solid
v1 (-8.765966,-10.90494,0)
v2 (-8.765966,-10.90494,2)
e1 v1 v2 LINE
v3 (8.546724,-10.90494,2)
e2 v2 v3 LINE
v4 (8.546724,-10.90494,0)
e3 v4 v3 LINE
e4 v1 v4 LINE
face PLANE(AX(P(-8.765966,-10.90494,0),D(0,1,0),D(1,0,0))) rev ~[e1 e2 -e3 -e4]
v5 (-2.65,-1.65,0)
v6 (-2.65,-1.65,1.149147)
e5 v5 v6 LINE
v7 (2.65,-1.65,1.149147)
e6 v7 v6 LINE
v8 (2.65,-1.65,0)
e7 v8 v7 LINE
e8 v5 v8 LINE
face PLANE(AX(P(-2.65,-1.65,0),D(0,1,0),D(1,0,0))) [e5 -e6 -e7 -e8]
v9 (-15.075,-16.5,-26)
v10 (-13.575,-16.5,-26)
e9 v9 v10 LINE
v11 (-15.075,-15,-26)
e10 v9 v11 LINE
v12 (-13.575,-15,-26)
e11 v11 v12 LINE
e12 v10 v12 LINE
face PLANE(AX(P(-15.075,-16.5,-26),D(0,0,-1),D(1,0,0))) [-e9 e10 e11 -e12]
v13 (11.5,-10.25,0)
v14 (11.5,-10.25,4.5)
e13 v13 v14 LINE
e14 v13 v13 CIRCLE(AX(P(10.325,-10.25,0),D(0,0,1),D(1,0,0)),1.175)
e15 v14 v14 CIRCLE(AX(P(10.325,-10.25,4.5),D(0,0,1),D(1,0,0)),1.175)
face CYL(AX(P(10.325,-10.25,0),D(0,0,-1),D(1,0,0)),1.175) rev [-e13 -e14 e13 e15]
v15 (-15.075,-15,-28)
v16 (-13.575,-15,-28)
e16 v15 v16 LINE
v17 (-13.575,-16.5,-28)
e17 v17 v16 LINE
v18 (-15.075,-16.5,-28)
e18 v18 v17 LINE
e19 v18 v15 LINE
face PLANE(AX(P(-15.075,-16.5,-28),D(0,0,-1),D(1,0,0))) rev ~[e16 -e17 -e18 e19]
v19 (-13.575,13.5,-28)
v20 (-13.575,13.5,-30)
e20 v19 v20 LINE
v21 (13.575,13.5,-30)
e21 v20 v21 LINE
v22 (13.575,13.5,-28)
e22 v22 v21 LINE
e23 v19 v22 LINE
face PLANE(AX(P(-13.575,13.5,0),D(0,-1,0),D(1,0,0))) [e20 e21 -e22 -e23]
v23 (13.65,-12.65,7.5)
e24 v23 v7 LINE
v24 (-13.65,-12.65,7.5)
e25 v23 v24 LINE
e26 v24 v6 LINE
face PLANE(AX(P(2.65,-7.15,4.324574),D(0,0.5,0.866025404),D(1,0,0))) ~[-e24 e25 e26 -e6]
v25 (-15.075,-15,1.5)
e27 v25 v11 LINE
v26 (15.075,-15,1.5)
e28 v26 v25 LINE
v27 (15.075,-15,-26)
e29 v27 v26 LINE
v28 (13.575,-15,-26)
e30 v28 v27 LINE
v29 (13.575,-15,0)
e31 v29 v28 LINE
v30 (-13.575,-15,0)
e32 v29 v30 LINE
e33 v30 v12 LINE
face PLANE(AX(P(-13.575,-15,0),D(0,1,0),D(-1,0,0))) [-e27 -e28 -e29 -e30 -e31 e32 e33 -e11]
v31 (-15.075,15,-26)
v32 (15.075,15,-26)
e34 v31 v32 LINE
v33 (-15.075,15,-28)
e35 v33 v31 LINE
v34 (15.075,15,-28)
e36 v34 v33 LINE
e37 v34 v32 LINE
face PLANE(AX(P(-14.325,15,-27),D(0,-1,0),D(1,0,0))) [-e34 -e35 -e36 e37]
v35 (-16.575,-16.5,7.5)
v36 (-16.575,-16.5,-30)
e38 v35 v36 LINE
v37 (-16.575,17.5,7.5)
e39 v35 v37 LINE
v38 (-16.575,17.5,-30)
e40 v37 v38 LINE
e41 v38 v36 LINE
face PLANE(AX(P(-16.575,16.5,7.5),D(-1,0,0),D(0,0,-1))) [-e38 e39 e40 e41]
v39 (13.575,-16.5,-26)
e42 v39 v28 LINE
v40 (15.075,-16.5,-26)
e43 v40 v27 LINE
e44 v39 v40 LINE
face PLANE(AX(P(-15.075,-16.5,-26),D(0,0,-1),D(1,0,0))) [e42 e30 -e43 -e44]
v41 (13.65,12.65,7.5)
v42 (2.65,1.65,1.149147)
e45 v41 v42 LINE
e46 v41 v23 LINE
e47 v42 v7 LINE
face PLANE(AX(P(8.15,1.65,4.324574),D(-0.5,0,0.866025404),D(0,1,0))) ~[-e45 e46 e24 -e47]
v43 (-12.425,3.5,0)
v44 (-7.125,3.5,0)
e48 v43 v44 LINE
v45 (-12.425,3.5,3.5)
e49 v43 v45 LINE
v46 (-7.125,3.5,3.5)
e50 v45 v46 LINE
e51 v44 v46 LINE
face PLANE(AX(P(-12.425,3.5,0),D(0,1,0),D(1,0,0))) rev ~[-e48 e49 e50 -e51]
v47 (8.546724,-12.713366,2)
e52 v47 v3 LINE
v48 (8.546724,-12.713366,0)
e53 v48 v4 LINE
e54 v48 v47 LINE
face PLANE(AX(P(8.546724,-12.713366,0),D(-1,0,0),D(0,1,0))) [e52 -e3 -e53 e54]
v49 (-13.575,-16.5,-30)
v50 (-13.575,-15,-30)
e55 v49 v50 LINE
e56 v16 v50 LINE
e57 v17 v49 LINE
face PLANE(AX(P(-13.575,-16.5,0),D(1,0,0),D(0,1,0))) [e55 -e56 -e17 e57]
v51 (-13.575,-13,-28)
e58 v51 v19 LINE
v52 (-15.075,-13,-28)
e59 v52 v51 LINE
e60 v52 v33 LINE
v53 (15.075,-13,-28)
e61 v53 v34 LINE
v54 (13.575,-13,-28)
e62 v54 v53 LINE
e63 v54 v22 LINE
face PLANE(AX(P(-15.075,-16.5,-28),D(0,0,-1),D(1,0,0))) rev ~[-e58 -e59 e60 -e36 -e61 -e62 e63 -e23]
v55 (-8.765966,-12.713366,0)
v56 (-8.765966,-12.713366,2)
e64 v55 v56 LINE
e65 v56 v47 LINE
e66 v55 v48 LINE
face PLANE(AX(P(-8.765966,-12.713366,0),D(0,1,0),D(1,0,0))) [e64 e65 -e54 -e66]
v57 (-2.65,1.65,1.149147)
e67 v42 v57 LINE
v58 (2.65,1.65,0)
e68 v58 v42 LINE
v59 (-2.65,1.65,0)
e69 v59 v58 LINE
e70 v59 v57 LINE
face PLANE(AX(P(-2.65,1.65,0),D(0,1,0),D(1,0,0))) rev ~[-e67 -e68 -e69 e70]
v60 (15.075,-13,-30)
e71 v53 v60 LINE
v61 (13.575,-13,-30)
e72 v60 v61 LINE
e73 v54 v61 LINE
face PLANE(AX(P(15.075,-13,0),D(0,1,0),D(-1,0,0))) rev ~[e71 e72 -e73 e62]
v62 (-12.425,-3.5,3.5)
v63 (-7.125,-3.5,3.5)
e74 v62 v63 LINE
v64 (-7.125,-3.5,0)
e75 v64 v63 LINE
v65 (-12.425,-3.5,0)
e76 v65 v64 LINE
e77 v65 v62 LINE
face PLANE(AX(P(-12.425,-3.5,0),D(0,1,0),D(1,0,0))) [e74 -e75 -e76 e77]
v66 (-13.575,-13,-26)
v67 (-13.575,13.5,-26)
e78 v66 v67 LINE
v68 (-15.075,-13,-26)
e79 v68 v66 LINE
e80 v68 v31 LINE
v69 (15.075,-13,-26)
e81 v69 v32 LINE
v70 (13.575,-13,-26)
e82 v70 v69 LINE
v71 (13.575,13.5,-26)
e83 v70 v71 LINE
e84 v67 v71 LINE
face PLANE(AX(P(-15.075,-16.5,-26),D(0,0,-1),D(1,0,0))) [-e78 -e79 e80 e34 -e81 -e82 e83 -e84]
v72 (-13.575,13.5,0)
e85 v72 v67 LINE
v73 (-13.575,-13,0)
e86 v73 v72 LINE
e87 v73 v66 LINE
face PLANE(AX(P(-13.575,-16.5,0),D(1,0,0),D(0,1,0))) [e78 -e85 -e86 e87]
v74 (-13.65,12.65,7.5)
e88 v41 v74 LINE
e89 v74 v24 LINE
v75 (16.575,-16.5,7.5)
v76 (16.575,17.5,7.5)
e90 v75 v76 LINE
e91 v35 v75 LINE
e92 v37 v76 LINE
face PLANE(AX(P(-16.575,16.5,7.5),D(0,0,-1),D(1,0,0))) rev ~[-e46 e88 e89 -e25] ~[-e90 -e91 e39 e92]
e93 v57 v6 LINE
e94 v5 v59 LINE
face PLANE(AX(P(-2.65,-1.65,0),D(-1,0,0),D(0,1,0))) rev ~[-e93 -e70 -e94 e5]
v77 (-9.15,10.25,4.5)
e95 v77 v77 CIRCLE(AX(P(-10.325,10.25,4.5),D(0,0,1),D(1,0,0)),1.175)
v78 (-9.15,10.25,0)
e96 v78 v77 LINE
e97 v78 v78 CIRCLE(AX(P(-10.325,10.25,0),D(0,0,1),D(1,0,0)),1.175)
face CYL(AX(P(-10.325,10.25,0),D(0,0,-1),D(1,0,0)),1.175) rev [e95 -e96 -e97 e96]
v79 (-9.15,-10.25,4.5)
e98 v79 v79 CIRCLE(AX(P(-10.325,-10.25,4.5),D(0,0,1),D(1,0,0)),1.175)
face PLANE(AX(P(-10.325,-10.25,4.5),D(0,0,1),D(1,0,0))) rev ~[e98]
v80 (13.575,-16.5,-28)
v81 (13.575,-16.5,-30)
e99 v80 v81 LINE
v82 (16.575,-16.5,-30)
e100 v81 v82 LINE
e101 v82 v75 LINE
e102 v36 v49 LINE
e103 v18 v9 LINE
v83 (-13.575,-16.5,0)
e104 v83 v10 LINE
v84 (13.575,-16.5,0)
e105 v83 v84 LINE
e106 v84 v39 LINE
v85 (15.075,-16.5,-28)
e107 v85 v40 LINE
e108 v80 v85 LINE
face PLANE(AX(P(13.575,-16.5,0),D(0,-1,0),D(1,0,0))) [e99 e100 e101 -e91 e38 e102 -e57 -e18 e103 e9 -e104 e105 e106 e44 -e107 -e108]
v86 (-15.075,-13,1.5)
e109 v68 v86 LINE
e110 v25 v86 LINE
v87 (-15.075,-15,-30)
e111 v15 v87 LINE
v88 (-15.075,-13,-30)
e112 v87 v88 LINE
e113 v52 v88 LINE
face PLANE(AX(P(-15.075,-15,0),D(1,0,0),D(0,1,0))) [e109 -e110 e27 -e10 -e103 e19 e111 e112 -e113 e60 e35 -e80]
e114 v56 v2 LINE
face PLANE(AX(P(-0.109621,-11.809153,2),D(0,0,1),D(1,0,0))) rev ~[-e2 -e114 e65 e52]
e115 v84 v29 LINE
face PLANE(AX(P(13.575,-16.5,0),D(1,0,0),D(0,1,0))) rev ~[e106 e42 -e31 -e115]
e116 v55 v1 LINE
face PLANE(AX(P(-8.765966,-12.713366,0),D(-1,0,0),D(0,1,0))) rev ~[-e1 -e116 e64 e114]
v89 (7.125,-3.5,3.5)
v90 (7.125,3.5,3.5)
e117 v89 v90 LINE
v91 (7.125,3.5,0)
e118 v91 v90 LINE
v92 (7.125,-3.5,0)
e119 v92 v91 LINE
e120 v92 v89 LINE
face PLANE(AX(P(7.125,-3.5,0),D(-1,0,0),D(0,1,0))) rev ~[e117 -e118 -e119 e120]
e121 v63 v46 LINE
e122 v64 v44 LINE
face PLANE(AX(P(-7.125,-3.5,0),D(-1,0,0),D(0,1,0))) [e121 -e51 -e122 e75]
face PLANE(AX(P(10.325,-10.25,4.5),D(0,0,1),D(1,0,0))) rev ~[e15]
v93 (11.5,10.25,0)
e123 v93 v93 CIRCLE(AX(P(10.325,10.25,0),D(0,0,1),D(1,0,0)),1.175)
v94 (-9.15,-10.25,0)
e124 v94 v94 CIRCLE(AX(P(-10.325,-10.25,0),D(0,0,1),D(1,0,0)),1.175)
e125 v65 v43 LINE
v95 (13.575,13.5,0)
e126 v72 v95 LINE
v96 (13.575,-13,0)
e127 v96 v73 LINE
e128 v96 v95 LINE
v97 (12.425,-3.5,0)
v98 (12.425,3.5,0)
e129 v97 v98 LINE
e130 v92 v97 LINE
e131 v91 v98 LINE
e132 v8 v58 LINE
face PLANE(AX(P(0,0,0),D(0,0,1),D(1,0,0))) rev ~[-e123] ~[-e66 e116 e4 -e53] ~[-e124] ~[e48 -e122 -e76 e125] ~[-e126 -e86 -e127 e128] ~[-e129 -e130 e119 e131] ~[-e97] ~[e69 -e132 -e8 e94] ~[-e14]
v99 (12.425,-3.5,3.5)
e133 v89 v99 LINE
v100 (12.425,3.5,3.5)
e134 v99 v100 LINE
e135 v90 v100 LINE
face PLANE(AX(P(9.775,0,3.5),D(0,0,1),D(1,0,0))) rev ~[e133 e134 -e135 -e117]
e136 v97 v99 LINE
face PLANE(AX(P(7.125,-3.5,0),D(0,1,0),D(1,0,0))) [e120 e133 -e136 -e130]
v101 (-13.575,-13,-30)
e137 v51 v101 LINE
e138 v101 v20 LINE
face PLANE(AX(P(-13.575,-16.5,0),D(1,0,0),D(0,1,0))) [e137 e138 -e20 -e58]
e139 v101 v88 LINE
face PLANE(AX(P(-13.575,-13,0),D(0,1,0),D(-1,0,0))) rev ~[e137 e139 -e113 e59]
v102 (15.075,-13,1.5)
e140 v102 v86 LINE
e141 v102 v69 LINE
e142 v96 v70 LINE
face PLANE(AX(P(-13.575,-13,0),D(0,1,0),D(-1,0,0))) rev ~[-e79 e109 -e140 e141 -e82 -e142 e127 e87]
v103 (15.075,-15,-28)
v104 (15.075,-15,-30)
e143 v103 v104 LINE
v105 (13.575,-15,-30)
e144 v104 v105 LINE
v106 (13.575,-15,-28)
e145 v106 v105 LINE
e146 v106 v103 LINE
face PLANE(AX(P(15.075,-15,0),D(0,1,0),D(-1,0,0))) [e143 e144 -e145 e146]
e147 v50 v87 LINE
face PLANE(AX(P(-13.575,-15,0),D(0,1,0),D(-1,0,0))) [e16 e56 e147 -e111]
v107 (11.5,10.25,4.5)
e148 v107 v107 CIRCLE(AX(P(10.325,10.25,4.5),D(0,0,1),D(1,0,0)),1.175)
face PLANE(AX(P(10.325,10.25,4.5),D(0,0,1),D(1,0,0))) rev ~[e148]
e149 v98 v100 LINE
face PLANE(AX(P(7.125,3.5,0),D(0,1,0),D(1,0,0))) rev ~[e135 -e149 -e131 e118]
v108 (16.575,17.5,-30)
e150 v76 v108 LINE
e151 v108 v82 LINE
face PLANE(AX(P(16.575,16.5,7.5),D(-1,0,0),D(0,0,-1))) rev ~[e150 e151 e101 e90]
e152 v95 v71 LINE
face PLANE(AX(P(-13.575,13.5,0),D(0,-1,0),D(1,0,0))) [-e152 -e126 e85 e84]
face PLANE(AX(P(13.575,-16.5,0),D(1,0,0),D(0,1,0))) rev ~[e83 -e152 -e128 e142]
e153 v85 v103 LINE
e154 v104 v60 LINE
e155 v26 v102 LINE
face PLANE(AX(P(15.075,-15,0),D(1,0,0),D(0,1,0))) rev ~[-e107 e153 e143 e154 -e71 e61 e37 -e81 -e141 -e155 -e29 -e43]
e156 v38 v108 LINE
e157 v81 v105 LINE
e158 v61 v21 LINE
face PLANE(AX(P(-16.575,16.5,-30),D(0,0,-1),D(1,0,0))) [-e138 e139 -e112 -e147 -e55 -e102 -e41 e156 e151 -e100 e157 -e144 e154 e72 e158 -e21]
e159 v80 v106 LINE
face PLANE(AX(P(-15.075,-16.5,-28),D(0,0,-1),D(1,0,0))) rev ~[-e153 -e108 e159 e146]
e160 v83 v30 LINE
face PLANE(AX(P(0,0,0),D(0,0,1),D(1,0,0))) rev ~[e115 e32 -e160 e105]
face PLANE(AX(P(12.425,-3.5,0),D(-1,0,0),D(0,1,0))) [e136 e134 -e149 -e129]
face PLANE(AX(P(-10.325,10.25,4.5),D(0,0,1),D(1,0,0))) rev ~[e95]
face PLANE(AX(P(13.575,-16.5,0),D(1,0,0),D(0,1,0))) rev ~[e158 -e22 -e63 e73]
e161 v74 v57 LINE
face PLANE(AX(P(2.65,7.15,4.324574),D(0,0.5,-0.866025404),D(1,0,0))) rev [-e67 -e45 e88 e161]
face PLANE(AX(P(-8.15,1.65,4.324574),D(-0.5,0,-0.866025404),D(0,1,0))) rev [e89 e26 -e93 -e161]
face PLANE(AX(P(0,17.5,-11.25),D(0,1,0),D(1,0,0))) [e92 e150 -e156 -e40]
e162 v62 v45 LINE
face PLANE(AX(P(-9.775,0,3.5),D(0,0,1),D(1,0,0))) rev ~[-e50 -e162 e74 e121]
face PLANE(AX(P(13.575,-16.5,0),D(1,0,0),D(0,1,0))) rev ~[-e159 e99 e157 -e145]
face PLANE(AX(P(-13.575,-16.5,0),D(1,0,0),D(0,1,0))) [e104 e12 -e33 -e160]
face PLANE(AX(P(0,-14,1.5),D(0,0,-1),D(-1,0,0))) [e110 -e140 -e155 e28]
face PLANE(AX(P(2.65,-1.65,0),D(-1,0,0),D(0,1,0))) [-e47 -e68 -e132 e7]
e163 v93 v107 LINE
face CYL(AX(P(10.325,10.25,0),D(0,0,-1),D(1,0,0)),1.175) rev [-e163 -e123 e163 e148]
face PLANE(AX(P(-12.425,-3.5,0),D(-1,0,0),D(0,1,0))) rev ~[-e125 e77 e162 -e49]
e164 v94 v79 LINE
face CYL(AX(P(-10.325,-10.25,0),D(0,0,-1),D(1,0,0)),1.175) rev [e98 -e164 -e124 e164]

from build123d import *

# Parameters (mm, degrees)
SKETCH2_W           = 33.15
SKETCH2_H           = 33
BOSS_EXTRUDE1_DEPTH = 7.5
SKETCH3_R           = 1.175
CUT_EXTRUDE1_DEPTH  = 4.5
SKETCH4_W           = 5.3
SKETCH4_H           = 7
CUT_EXTRUDE2_DEPTH  = 3.5
SKETCH5_W           = 17.312690108
SKETCH5_H           = 1.808425299
CUT_EXTRUDE3_DEPTH  = 2
SKETCH6_W           = 5.3
SKETCH6_H           = 3.3
CUT_EXTRUDE4_DEPTH  = 25.560753755
CHAMFER3_SIZE       = 11
CHAMFER3_SIZE2      = 6.350852961
SKETCH7_W           = 3
SKETCH7_H           = 33
SKETCH7_H_2         = 30
BOSS_EXTRUDE2_DEPTH = 30
SKETCH8_W           = 33.15
SKETCH8_H           = 37.5
BOSS_EXTRUDE3_DEPTH = 1
SKETCH9_W           = 1.5
SKETCH9_H           = 2
CUT_EXTRUDE5_DEPTH  = 31.5
SKETCH10_W          = 27.15
SKETCH10_H          = 2
CUT_EXTRUDE6_DEPTH  = 1.5
CUT_EXTRUDE7_START  = -30
SKETCH11_W          = 1.5
SKETCH11_H          = 2
CUT_EXTRUDE7_DEPTH  = 30
SKETCH14_W          = 30.15
SKETCH14_H          = 2
CUT_EXTRUDE8_DEPTH  = 1.5


with BuildPart() as part:
    # Sketch2 → Boss-Extrude1 (new body)
    with BuildSketch(Plane.XY):
        Rectangle(SKETCH2_W, SKETCH2_H)
    extrude(amount=BOSS_EXTRUDE1_DEPTH)

    # Sketch3 → Cut-Extrude1 (cut)
    with BuildSketch(Plane.XY):
        with Locations((10.325, 10.25)):
            Circle(SKETCH3_R)
        with Locations((-10.325, 10.25)):
            Circle(SKETCH3_R)
        with Locations((10.325, -10.25)):
            Circle(SKETCH3_R)
        with Locations((-10.325, -10.25)):
            Circle(SKETCH3_R)
    extrude(amount=CUT_EXTRUDE1_DEPTH, mode=Mode.SUBTRACT)

    # Sketch4 → Cut-Extrude2 (cut)
    with BuildSketch(Plane.XY):
        with Locations((9.775, 0)):
            Rectangle(SKETCH4_W, SKETCH4_H)
        with Locations((-9.775, 0)):
            Rectangle(SKETCH4_W, SKETCH4_H)
    extrude(amount=CUT_EXTRUDE2_DEPTH, mode=Mode.SUBTRACT)

    # Sketch5 → Cut-Extrude3 (cut)
    with BuildSketch(Plane.XY):
        with Locations((-0.109621432, -11.80915301)):
            Rectangle(SKETCH5_W, SKETCH5_H)
    extrude(amount=CUT_EXTRUDE3_DEPTH, mode=Mode.SUBTRACT)

    # Sketch6 → Cut-Extrude4 (cut, through all)
    with BuildSketch(Plane.XY):
        Rectangle(SKETCH6_W, SKETCH6_H)
    extrude(amount=CUT_EXTRUDE4_DEPTH, mode=Mode.SUBTRACT)

    # Chamfer3
    chamfer3_edges = [part.edges().sort_by_distance(p)[0] for p in [
        (2.65, 0, 7.5),
        (0, 1.65, 7.5),
        (-2.65, 0, 7.5),
        (0, -1.65, 7.5),
    ]]
    chamfer3_side = [part.faces().sort_by_distance(p)[0] for p in [
        (-16.107247662, 0, 7.5),
    ]]
    chamfer(chamfer3_edges, length=CHAMFER3_SIZE, length2=CHAMFER3_SIZE2, reference=chamfer3_side[0])

    # Sketch7 → Boss-Extrude2 (add)
    with BuildSketch(Plane.XY):
        with Locations((15.075, 0)):
            Rectangle(SKETCH7_W, SKETCH7_H)
        Polygon((-13.575, 13.5), (13.575, 13.5), (13.575, 16.5), (-16.575, 16.5), (-16.575, 13.5), align=None)
        with Locations((-15.075, -1.5)):
            Rectangle(SKETCH7_W, SKETCH7_H_2)
    extrude(amount=-BOSS_EXTRUDE2_DEPTH)

    # Sketch8 → Boss-Extrude3 (add)
    with BuildSketch(Plane(origin=(0, 16.5, 0), x_dir=(1, 0, 0), z_dir=(0, 1, 0))):
        with Locations((0, 11.25)):
            Rectangle(SKETCH8_W, SKETCH8_H)
    extrude(amount=BOSS_EXTRUDE3_DEPTH)

    # Sketch9 → Cut-Extrude5 (cut)
    with BuildSketch(Plane.XZ.offset(16.5)):
        with Locations((-14.325, -27)):
            Rectangle(SKETCH9_W, SKETCH9_H)
        with Locations((14.325, -27)):
            Rectangle(SKETCH9_W, SKETCH9_H)
    extrude(amount=-CUT_EXTRUDE5_DEPTH, mode=Mode.SUBTRACT)

    # Sketch10 → Cut-Extrude6 (cut)
    with BuildSketch(Plane.XZ.offset(-13.5)):
        with Locations((0, -27)):
            Rectangle(SKETCH10_W, SKETCH10_H)
    extrude(amount=-CUT_EXTRUDE6_DEPTH, mode=Mode.SUBTRACT)

    # Sketch11 → Cut-Extrude7 (cut)
    with BuildSketch(Plane(origin=(0, 0, -30), x_dir=(-1, 0, 0), z_dir=(0, 0, -1)).offset(CUT_EXTRUDE7_START)):
        with Locations((-14.325, -14)):
            Rectangle(SKETCH11_W, SKETCH11_H)
        with Locations((14.325, -14)):
            Rectangle(SKETCH11_W, SKETCH11_H)
    extrude(amount=CUT_EXTRUDE7_DEPTH, mode=Mode.SUBTRACT)

    # Sketch14 → Cut-Extrude8 (cut)
    with BuildSketch(Plane(origin=(0, 0, 0), x_dir=(-1, 0, 0), z_dir=(0, 0, -1))):
        with Locations((0, -14)):
            Rectangle(SKETCH14_W, SKETCH14_H)
    extrude(amount=-CUT_EXTRUDE8_DEPTH, mode=Mode.SUBTRACT)


solid = part.part
